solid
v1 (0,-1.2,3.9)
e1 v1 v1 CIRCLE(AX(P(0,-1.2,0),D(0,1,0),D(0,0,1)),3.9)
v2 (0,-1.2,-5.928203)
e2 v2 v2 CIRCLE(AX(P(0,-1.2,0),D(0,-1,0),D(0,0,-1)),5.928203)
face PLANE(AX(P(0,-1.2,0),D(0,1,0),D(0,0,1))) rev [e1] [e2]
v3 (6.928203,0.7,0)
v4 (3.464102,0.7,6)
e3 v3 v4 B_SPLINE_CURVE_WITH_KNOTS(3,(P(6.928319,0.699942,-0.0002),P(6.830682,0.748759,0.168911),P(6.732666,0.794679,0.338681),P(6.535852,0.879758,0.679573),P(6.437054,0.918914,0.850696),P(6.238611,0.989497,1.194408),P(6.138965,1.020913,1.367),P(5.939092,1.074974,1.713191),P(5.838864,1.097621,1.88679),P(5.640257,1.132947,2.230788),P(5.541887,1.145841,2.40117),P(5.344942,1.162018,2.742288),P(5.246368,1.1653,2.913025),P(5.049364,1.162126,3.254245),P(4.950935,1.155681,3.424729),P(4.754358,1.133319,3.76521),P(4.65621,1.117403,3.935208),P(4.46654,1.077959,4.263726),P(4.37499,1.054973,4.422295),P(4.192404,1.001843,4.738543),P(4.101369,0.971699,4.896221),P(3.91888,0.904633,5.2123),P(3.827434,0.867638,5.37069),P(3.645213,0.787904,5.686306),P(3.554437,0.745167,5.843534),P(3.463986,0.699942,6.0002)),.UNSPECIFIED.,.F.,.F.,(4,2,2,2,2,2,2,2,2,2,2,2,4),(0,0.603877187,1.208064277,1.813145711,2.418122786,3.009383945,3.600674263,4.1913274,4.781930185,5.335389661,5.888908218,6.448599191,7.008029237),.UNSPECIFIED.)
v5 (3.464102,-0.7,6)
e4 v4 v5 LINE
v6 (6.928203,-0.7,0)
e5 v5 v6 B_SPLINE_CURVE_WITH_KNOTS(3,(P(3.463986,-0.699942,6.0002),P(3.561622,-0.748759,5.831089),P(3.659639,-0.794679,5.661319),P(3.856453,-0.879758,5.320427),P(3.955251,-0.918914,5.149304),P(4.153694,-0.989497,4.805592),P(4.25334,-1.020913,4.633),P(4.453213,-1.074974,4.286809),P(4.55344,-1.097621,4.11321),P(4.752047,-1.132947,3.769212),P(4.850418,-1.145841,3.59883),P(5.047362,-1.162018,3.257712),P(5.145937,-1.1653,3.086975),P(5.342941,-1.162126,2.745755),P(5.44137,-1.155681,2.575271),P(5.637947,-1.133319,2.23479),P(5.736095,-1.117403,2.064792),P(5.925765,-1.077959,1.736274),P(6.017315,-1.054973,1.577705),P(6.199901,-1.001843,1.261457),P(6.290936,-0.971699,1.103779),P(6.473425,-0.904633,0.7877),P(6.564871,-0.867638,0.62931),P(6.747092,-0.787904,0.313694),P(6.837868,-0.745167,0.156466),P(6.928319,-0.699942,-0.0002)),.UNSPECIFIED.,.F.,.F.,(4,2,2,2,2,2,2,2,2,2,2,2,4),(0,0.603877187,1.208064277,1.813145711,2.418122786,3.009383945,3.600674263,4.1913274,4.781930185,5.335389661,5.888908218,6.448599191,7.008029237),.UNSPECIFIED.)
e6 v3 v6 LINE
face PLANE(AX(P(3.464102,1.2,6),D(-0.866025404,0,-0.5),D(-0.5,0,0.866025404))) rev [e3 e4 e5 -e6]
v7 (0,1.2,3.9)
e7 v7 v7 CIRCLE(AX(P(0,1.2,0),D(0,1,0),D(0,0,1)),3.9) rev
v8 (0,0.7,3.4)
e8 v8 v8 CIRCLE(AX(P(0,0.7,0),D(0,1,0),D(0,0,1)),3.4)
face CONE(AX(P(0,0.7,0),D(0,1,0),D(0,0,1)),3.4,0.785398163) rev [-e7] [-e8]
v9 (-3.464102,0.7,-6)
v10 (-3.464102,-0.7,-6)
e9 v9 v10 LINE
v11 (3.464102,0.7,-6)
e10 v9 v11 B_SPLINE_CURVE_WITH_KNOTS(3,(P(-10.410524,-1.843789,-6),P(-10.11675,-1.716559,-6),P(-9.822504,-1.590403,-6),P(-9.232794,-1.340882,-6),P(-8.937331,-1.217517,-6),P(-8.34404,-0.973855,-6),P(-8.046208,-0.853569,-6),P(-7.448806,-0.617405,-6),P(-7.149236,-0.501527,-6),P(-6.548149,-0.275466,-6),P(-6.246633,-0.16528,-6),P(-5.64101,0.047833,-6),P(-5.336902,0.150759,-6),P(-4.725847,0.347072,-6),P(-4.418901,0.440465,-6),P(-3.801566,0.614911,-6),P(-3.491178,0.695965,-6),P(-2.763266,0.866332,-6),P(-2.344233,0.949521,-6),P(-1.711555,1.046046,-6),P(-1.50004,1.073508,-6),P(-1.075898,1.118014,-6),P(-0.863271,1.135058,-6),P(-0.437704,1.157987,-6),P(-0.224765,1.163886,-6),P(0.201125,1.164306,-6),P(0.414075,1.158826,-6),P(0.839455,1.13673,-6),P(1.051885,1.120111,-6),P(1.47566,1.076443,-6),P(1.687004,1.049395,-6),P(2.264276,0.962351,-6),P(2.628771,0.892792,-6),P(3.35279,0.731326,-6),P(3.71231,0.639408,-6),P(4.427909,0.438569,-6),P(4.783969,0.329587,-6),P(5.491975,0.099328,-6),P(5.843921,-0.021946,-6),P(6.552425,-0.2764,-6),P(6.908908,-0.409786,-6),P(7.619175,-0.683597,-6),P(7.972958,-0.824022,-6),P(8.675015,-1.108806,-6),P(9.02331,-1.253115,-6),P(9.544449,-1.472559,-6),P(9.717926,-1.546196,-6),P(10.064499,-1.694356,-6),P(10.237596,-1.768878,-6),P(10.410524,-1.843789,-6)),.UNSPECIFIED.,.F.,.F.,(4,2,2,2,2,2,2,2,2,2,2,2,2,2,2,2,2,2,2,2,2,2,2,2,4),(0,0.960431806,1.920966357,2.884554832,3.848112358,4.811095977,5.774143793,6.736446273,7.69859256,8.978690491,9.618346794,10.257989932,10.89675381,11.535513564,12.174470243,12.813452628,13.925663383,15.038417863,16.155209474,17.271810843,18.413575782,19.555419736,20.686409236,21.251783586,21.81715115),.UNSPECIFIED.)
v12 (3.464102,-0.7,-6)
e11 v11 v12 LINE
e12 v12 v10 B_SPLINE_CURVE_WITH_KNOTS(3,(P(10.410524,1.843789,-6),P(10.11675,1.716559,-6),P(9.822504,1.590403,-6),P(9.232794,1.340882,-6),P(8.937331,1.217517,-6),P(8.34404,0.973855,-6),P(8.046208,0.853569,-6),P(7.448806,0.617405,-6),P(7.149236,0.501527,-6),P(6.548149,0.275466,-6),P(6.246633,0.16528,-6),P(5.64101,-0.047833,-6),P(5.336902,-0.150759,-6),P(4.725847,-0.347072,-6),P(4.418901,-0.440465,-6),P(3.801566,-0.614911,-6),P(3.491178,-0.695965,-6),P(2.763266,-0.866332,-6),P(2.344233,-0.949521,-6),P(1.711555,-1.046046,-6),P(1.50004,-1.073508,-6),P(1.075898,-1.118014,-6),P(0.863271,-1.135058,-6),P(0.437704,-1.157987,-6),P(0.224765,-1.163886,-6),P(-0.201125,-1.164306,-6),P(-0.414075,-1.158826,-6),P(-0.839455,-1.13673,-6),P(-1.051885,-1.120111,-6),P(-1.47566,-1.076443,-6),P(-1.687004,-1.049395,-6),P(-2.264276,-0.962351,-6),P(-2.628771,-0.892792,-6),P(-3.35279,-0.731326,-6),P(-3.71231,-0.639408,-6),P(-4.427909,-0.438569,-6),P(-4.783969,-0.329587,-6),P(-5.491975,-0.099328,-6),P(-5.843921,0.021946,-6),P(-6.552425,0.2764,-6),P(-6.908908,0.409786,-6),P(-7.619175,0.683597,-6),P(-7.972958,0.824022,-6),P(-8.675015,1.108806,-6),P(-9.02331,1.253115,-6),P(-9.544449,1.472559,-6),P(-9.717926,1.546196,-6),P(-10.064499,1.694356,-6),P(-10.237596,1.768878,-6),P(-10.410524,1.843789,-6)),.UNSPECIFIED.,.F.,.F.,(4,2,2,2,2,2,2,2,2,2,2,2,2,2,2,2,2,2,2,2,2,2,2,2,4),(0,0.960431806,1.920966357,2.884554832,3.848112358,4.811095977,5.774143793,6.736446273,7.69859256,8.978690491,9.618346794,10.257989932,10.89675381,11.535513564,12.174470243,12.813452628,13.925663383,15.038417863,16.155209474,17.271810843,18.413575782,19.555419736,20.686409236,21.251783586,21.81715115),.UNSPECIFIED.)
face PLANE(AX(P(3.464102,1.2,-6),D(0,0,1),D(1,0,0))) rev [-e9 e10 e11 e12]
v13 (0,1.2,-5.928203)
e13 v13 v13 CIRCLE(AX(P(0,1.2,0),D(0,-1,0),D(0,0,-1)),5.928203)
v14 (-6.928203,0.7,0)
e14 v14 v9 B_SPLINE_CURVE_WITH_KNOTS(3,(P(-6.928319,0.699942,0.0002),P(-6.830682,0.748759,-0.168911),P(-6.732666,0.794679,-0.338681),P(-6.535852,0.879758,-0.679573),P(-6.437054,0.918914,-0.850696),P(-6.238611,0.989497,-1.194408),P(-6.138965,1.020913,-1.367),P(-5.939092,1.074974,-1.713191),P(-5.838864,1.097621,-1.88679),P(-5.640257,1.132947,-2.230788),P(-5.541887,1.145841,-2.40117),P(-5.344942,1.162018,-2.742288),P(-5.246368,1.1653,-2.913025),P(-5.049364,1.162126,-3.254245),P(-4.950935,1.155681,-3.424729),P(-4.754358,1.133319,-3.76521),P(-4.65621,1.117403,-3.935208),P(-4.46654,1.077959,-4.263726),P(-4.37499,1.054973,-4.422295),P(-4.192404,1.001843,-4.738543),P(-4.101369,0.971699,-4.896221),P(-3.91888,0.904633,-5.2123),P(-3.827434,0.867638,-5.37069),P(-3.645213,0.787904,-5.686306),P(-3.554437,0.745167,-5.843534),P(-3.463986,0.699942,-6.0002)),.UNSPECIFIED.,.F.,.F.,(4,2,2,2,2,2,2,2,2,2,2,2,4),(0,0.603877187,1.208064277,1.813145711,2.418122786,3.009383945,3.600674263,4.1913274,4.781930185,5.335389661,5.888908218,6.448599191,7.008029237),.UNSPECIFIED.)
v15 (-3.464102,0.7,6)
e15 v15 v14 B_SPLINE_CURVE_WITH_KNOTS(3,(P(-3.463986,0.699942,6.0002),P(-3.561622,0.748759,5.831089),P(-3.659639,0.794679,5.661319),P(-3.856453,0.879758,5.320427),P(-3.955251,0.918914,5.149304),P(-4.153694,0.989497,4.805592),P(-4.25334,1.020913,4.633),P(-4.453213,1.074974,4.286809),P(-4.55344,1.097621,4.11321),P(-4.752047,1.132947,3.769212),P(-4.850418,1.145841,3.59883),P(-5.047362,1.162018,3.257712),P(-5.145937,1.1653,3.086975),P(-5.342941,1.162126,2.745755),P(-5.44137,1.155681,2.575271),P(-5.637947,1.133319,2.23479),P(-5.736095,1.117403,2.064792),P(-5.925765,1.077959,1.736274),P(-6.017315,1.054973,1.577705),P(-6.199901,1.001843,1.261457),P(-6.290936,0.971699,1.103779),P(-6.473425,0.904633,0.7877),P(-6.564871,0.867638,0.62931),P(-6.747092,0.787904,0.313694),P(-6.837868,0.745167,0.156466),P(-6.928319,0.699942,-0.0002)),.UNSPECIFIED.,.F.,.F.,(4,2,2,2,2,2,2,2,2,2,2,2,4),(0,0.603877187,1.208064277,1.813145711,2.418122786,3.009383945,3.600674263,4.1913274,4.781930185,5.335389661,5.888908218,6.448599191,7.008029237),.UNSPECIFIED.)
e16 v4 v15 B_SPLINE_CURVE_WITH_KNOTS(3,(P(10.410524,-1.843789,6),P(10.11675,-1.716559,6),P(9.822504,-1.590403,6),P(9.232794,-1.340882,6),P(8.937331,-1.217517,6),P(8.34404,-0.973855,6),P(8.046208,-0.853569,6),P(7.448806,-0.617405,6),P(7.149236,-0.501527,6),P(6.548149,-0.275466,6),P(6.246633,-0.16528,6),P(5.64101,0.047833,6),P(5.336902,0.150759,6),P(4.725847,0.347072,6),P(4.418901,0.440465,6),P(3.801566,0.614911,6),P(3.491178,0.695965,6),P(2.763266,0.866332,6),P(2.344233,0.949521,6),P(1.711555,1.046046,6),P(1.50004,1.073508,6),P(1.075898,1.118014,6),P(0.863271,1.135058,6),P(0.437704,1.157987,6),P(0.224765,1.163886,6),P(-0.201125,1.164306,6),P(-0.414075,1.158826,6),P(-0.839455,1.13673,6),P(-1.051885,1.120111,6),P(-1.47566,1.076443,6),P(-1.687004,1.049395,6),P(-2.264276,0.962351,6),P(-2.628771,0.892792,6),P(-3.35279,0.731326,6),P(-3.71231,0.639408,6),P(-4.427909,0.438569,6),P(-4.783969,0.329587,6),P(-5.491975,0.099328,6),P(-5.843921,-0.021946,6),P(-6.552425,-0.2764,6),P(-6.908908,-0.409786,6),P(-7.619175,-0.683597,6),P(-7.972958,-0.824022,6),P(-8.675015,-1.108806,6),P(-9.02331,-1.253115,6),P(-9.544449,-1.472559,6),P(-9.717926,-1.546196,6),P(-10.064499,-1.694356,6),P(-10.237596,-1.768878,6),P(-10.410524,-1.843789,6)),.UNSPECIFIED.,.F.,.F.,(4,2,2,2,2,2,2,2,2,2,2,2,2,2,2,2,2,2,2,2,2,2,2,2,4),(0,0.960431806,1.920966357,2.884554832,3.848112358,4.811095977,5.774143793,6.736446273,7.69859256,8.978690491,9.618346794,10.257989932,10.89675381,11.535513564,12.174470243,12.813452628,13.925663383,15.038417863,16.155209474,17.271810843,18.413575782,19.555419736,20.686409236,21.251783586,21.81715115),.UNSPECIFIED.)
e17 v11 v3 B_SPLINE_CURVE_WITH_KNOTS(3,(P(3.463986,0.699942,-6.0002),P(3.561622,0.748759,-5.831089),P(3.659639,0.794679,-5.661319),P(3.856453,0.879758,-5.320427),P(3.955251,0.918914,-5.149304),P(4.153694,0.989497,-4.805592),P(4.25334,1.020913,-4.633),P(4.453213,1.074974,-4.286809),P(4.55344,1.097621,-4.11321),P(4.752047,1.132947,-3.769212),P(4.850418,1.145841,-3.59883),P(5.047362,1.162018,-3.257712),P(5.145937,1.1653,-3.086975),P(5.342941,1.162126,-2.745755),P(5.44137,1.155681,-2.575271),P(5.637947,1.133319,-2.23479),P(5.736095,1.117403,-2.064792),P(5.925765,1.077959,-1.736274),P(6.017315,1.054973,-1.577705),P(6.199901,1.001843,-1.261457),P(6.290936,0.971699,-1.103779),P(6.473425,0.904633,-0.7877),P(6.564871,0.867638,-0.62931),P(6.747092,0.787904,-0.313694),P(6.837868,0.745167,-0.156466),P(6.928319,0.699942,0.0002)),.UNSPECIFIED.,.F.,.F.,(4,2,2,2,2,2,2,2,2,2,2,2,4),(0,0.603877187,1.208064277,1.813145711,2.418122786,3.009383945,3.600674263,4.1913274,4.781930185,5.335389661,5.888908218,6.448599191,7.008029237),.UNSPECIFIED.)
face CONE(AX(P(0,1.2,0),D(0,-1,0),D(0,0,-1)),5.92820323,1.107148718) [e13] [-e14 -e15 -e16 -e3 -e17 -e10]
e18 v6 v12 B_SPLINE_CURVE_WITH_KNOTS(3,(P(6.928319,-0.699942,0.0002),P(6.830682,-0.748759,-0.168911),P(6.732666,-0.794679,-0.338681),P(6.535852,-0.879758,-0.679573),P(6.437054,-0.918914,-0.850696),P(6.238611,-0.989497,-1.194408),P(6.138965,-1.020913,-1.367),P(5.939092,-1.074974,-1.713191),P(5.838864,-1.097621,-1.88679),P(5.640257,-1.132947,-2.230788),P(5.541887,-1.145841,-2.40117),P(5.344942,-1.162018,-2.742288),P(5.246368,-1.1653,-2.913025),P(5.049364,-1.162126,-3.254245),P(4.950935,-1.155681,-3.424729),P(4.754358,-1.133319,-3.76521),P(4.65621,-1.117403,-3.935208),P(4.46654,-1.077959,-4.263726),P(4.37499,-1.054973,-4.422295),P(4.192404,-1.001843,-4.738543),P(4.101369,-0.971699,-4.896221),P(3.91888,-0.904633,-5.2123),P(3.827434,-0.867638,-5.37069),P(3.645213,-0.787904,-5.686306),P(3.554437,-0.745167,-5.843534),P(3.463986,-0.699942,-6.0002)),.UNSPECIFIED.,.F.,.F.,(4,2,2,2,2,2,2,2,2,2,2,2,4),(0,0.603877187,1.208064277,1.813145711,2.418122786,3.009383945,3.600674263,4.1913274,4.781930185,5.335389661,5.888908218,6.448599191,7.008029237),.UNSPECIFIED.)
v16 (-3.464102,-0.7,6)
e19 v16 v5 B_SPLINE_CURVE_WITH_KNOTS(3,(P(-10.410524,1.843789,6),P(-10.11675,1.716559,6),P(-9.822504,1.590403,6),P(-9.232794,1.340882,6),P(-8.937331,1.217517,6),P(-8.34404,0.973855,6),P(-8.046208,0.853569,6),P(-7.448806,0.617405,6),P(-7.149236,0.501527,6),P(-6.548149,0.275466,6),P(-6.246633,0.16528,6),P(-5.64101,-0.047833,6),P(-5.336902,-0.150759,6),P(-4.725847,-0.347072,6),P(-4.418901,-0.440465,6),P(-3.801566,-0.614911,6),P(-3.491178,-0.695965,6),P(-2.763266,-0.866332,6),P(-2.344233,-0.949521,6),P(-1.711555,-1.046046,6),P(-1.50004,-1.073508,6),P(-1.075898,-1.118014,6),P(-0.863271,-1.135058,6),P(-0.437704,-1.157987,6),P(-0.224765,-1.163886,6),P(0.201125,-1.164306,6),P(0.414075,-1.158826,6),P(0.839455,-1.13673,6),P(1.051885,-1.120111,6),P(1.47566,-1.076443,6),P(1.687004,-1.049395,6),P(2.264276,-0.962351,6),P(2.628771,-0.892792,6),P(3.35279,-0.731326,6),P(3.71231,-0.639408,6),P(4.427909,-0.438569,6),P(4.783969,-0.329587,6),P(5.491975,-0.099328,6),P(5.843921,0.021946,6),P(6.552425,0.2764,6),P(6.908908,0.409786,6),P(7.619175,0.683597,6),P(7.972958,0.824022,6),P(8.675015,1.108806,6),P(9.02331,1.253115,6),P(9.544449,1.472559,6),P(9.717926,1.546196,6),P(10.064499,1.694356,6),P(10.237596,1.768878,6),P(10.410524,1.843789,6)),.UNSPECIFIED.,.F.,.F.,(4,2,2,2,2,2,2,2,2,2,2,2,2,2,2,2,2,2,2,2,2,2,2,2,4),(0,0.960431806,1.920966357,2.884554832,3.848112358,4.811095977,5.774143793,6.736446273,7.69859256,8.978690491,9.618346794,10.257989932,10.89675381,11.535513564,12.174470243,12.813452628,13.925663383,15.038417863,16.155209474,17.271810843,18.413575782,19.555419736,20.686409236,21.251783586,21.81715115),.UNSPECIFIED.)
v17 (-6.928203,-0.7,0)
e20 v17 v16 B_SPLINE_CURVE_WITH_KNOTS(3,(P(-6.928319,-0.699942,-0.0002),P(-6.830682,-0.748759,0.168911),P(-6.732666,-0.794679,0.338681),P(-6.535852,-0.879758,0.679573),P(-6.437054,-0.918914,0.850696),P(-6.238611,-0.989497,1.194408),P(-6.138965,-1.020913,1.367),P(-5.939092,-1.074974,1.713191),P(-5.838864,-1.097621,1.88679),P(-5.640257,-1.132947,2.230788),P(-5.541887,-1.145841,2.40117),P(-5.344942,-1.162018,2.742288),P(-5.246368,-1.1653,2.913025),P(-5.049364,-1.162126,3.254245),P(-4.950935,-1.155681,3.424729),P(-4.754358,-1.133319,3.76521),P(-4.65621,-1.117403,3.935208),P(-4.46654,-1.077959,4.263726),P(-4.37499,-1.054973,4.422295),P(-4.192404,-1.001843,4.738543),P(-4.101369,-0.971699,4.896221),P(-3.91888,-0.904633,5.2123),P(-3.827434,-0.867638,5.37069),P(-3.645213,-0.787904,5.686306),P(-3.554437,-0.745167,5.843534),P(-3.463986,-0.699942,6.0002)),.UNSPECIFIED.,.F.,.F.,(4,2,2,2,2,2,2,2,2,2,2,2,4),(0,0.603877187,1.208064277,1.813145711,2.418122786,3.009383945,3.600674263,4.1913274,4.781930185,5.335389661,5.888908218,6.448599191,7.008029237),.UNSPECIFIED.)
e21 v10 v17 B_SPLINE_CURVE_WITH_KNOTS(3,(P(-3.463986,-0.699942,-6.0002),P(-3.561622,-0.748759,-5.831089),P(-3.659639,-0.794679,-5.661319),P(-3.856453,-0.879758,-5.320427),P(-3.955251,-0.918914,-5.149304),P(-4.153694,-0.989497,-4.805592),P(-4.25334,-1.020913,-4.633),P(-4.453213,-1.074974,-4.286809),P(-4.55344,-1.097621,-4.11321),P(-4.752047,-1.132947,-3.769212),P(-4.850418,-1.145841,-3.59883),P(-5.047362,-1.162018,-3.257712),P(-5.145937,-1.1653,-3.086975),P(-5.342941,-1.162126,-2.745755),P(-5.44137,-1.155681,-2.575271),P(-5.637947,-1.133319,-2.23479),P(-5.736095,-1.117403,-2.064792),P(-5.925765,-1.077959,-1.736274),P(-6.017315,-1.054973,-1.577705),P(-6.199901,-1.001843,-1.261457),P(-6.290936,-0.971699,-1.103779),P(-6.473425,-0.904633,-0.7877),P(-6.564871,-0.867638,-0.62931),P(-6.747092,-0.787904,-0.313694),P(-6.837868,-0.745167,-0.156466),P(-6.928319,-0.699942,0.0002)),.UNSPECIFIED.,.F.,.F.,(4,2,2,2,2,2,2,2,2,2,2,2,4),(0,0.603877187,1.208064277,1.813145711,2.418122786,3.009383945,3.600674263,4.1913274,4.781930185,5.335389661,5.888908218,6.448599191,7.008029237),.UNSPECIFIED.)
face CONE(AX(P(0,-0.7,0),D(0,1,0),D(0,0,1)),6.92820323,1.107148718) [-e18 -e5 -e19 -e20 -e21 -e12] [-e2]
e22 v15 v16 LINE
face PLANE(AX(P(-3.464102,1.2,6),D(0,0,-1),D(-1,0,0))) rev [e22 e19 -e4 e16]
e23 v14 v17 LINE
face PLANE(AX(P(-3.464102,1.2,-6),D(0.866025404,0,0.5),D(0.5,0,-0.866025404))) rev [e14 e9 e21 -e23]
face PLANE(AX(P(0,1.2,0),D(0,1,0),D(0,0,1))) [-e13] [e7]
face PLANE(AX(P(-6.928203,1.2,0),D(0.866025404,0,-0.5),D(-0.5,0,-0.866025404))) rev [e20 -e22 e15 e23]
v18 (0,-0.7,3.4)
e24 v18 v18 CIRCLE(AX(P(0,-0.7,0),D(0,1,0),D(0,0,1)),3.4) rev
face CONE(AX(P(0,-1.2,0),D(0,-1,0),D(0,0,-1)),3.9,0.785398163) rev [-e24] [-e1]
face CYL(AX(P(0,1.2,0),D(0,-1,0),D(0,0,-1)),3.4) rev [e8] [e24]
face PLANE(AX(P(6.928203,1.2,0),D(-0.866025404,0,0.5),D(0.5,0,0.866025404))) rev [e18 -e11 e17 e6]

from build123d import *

# Parameters (mm, degrees)
SKETCH1_R           = 3.4
BOSS_EXTRUDE1_DEPTH = 1.2
CHAMFER1_SIZE       = 0.5


with BuildPart() as part:
    # Sketch1 → Boss-Extrude1 (new, symmetric)
    with BuildSketch(Plane(origin=(0, 0, 0), x_dir=(1, 0, 0), z_dir=(0, 1, 0))):
        Polygon((3.464101615, 6), (-3.464101615, 6), (-6.92820323, 0), (-3.464101615, -6), (3.464101615, -6), (6.92820323, 0), align=None)
        with Locations(Location((0, 0, 0), (0, 0, 270))):
            Circle(SKETCH1_R, mode=Mode.SUBTRACT)
    extrude(amount=BOSS_EXTRUDE1_DEPTH, both=True)

    # Chamfer1
    chamfer1_edges = [part.edges().sort_by_distance(p)[0] for p in [
        (0, -1.2, -3.4),
        (0, 1.2, -3.4),
    ]]
    chamfer(chamfer1_edges, length=CHAMFER1_SIZE)

    # Sketch3 → Cut-Revolve1 (revolve, cut)
    with BuildSketch(Plane.XY, mode=Mode.PRIVATE) as cut_revolve1_sk:
        Polygon((6.92820323, 1.2), (6.92820323, 0.7), (5.92820323, 1.2), align=None)
        Polygon((5.92820323, -1.2), (6.92820323, -1.2), (6.92820323, -0.7), align=None)
    revolve(cut_revolve1_sk.sketch.rotate(Axis((0, 0, 0), (0, 1, 0)), 300.000000007), axis=Axis((0, 0, 0), (0, 1, 0)), mode=Mode.SUBTRACT)


solid = part.part
